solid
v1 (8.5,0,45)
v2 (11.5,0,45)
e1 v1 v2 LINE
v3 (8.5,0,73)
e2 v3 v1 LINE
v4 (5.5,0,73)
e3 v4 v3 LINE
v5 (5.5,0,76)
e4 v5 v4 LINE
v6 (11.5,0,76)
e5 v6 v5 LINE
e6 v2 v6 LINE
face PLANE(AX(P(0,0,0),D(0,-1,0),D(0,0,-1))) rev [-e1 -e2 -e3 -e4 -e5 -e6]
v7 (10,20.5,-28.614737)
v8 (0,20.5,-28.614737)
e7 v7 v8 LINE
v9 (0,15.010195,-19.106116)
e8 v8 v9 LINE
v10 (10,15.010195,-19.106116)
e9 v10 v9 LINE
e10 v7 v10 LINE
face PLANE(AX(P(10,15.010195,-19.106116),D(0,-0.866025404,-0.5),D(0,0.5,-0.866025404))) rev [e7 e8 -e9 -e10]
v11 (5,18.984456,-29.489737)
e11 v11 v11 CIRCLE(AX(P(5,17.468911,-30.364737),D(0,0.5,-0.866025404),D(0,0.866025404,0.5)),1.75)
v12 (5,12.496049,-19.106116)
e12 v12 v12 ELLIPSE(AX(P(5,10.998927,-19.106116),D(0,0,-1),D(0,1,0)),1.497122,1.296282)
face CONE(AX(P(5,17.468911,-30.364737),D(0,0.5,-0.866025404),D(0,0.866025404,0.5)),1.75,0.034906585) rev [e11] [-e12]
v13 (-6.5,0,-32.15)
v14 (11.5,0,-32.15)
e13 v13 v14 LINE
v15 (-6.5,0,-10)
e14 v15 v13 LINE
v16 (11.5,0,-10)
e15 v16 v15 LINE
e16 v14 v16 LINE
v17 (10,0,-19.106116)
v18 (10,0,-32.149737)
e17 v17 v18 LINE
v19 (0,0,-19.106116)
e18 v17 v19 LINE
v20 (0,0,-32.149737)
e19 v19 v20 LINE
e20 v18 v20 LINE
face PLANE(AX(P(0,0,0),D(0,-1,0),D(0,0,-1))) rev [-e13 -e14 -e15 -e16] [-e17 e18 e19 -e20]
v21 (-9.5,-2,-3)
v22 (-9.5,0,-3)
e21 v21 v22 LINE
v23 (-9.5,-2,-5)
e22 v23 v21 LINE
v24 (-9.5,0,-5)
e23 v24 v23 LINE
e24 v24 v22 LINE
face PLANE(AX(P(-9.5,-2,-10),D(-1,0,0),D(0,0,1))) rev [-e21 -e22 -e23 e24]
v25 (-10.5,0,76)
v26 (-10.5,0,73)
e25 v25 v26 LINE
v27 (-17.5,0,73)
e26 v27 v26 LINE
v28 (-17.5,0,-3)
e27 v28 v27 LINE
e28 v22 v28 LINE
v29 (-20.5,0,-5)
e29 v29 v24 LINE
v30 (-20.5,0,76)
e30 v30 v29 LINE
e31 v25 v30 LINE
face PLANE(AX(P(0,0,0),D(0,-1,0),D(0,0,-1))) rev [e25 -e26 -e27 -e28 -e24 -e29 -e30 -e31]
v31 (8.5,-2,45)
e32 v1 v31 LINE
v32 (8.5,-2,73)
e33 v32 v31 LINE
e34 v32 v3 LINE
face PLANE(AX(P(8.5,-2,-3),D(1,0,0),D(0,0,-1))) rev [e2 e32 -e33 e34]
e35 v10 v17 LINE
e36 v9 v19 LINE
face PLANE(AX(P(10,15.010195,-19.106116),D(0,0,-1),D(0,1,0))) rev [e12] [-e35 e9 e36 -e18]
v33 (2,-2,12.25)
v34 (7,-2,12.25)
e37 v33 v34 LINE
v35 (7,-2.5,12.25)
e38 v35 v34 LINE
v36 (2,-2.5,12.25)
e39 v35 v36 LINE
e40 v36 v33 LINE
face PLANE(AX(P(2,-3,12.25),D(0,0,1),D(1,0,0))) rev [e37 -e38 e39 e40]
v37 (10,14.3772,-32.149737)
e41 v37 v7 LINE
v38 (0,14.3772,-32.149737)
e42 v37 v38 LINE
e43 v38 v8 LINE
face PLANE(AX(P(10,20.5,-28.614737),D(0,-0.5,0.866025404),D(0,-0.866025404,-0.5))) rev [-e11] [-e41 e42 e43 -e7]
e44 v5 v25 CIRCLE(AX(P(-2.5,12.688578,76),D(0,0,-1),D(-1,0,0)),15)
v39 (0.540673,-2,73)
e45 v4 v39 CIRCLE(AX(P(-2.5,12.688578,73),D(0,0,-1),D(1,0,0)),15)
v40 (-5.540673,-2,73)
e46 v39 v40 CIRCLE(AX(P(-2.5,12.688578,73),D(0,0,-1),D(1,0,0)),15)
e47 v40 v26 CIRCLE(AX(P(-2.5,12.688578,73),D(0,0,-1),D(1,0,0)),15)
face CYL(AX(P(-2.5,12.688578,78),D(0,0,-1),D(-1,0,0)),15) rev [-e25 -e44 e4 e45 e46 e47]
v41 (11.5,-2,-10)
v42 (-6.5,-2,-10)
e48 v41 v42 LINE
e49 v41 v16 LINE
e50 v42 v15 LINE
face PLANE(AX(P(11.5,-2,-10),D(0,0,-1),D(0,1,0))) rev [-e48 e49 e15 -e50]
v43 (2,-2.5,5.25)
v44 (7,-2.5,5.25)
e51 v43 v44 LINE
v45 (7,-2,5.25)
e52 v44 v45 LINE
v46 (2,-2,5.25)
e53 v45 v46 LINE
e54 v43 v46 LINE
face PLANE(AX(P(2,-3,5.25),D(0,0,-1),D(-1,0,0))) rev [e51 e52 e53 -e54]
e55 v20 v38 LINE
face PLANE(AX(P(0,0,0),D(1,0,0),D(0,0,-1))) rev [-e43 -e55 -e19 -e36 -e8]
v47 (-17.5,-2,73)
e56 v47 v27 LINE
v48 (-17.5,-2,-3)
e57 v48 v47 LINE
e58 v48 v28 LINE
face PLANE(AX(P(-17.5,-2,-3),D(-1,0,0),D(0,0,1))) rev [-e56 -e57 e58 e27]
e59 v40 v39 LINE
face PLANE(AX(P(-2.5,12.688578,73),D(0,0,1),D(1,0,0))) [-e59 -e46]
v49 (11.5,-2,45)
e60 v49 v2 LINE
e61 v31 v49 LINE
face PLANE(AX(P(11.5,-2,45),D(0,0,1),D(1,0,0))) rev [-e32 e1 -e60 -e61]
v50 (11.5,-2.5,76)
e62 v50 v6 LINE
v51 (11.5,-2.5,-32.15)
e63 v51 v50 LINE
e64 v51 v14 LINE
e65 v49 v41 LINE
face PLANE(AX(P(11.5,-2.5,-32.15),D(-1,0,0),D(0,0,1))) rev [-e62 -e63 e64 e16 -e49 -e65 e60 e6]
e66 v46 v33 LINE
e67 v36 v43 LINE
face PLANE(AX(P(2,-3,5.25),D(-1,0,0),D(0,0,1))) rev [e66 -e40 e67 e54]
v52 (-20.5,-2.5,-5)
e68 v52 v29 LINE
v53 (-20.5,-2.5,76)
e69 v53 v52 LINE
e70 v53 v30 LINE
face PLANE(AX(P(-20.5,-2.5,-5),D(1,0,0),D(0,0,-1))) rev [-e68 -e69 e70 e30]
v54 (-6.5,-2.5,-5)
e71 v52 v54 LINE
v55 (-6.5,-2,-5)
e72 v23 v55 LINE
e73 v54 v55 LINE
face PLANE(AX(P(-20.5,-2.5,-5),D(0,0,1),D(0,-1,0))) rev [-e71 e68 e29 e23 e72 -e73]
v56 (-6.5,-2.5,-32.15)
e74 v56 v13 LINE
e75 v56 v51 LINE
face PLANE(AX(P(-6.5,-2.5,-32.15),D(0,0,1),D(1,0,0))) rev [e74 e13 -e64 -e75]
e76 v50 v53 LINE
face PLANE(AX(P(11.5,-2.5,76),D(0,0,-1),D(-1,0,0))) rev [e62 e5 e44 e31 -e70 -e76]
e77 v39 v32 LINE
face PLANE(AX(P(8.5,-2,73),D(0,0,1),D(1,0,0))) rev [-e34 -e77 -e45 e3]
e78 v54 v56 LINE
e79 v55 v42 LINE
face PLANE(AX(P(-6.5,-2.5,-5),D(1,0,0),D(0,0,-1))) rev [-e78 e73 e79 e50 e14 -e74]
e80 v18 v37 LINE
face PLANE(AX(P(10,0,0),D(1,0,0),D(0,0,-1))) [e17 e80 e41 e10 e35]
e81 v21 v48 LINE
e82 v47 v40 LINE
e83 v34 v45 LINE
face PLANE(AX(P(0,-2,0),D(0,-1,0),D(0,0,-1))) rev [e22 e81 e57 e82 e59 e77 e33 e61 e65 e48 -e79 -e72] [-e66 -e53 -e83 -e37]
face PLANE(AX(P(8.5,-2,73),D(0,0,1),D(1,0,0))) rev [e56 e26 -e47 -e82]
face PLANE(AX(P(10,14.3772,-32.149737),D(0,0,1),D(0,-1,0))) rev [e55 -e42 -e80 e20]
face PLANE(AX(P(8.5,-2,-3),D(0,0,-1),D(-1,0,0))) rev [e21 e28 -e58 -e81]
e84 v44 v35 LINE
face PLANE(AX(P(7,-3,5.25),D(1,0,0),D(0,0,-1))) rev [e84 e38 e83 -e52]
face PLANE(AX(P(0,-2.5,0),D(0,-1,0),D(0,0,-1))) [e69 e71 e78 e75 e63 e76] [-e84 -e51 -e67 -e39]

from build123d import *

# Parameters (mm, degrees)
BOSS_EXTRUDE1_DEPTH = 10
SKETCH2_R           = 1.75
CUT_EXTRUDE1_DEPTH  = 35
DRAFT1_ANGLE        = 2
BOSS_EXTRUDE2_DEPTH = 2.5
SKETCH6_W           = 26
SKETCH6_H           = 76
CUT_EXTRUDE4_DEPTH  = 2
SKETCH7_W           = 5
SKETCH7_H           = 7
CUT_EXTRUDE5_DEPTH  = 1
CUT_EXTRUDE6_DEPTH  = 5
SKETCH9_W           = 21
SKETCH9_H           = 55
CUT_EXTRUDE7_DEPTH  = 2


with BuildPart() as part:
    # Sketch1 → Boss-Extrude1 (new body)
    with BuildSketch(Plane(origin=(0, 0, 0), x_dir=(0, 0, -1), z_dir=(1, 0, 0))):
        Polygon((19.10611554, 15.010195009), (28.614736708, 20.5), (32.149736708, 14.377200395), (32.149736708, 0), (19.10611554, 0), align=None)
    extrude(amount=BOSS_EXTRUDE1_DEPTH)

    # Sketch2 → Cut-Extrude1 (cut)
    with BuildSketch(Plane(origin=(0, 17.515544456, -30.33781292), x_dir=(1, 0, 0), z_dir=(0, 0.5000000000000014, -0.8660254037844378))):
        with Locations(Location((5, 0.053847576, 0), (0, 0, 270))):
            Circle(SKETCH2_R)
    extrude(amount=-CUT_EXTRUDE1_DEPTH, mode=Mode.SUBTRACT)

    # Draft1
    draft1_faces = [part.faces().sort_by_distance(p)[0] for p in [
        (5, 12.426932649, -25.131773882),
    ]]
    draft(draft1_faces, Plane(origin=(10, 20.5, -28.614736708), x_dir=(0, -0.8660254037844377, -0.5000000000000018), z_dir=(0, 0.5000000000000017, -0.8660254037844376)), DRAFT1_ANGLE)

    # Sketch5 → Boss-Extrude2 (add)
    with BuildSketch(Plane.XZ):
        Polygon((11.5, 76), (-20.5, 76), (-20.5, -5), (-6.5, -5), (-6.5, -32.15), (11.5, -32.15), align=None)
    extrude(amount=BOSS_EXTRUDE2_DEPTH)

    # Sketch6 → Cut-Extrude4 (cut)
    with BuildSketch(Plane(origin=(0, 0, 0), x_dir=(1, 0, 0), z_dir=(0, 1, 0))):
        with Locations((-4.5, -35)):
            Rectangle(SKETCH6_W, SKETCH6_H)
    extrude(amount=-CUT_EXTRUDE4_DEPTH, mode=Mode.SUBTRACT)

    # Sketch7 → Cut-Extrude5 (cut)
    with BuildSketch(Plane(origin=(0, -2, 0), x_dir=(1, 0, 0), z_dir=(0, 1, 0))):
        with Locations((4.5, -8.75)):
            Rectangle(SKETCH7_W, SKETCH7_H)
    extrude(amount=-CUT_EXTRUDE5_DEPTH, mode=Mode.SUBTRACT)

    # Sketch8 → Cut-Extrude6 (cut)
    with BuildSketch(Plane(origin=(0, 0, 73), x_dir=(-1, 0, 0), z_dir=(0, 0, -1))):
        with BuildLine():
            Line((-5.5, 0), (10.5, 0))
            ThreePointArc((10.5, 0), (2.5, -2.31142246), (-5.5, 0))
        make_face()
    extrude(amount=-CUT_EXTRUDE6_DEPTH, mode=Mode.SUBTRACT)

    # Sketch9 → Cut-Extrude7 (cut)
    with BuildSketch(Plane(origin=(0, 0, 0), x_dir=(1, 0, 0), z_dir=(0, 1, 0))):
        with Locations((1, -17.5)):
            Rectangle(SKETCH9_W, SKETCH9_H)
    extrude(amount=-CUT_EXTRUDE7_DEPTH, mode=Mode.SUBTRACT)


solid = part.part
